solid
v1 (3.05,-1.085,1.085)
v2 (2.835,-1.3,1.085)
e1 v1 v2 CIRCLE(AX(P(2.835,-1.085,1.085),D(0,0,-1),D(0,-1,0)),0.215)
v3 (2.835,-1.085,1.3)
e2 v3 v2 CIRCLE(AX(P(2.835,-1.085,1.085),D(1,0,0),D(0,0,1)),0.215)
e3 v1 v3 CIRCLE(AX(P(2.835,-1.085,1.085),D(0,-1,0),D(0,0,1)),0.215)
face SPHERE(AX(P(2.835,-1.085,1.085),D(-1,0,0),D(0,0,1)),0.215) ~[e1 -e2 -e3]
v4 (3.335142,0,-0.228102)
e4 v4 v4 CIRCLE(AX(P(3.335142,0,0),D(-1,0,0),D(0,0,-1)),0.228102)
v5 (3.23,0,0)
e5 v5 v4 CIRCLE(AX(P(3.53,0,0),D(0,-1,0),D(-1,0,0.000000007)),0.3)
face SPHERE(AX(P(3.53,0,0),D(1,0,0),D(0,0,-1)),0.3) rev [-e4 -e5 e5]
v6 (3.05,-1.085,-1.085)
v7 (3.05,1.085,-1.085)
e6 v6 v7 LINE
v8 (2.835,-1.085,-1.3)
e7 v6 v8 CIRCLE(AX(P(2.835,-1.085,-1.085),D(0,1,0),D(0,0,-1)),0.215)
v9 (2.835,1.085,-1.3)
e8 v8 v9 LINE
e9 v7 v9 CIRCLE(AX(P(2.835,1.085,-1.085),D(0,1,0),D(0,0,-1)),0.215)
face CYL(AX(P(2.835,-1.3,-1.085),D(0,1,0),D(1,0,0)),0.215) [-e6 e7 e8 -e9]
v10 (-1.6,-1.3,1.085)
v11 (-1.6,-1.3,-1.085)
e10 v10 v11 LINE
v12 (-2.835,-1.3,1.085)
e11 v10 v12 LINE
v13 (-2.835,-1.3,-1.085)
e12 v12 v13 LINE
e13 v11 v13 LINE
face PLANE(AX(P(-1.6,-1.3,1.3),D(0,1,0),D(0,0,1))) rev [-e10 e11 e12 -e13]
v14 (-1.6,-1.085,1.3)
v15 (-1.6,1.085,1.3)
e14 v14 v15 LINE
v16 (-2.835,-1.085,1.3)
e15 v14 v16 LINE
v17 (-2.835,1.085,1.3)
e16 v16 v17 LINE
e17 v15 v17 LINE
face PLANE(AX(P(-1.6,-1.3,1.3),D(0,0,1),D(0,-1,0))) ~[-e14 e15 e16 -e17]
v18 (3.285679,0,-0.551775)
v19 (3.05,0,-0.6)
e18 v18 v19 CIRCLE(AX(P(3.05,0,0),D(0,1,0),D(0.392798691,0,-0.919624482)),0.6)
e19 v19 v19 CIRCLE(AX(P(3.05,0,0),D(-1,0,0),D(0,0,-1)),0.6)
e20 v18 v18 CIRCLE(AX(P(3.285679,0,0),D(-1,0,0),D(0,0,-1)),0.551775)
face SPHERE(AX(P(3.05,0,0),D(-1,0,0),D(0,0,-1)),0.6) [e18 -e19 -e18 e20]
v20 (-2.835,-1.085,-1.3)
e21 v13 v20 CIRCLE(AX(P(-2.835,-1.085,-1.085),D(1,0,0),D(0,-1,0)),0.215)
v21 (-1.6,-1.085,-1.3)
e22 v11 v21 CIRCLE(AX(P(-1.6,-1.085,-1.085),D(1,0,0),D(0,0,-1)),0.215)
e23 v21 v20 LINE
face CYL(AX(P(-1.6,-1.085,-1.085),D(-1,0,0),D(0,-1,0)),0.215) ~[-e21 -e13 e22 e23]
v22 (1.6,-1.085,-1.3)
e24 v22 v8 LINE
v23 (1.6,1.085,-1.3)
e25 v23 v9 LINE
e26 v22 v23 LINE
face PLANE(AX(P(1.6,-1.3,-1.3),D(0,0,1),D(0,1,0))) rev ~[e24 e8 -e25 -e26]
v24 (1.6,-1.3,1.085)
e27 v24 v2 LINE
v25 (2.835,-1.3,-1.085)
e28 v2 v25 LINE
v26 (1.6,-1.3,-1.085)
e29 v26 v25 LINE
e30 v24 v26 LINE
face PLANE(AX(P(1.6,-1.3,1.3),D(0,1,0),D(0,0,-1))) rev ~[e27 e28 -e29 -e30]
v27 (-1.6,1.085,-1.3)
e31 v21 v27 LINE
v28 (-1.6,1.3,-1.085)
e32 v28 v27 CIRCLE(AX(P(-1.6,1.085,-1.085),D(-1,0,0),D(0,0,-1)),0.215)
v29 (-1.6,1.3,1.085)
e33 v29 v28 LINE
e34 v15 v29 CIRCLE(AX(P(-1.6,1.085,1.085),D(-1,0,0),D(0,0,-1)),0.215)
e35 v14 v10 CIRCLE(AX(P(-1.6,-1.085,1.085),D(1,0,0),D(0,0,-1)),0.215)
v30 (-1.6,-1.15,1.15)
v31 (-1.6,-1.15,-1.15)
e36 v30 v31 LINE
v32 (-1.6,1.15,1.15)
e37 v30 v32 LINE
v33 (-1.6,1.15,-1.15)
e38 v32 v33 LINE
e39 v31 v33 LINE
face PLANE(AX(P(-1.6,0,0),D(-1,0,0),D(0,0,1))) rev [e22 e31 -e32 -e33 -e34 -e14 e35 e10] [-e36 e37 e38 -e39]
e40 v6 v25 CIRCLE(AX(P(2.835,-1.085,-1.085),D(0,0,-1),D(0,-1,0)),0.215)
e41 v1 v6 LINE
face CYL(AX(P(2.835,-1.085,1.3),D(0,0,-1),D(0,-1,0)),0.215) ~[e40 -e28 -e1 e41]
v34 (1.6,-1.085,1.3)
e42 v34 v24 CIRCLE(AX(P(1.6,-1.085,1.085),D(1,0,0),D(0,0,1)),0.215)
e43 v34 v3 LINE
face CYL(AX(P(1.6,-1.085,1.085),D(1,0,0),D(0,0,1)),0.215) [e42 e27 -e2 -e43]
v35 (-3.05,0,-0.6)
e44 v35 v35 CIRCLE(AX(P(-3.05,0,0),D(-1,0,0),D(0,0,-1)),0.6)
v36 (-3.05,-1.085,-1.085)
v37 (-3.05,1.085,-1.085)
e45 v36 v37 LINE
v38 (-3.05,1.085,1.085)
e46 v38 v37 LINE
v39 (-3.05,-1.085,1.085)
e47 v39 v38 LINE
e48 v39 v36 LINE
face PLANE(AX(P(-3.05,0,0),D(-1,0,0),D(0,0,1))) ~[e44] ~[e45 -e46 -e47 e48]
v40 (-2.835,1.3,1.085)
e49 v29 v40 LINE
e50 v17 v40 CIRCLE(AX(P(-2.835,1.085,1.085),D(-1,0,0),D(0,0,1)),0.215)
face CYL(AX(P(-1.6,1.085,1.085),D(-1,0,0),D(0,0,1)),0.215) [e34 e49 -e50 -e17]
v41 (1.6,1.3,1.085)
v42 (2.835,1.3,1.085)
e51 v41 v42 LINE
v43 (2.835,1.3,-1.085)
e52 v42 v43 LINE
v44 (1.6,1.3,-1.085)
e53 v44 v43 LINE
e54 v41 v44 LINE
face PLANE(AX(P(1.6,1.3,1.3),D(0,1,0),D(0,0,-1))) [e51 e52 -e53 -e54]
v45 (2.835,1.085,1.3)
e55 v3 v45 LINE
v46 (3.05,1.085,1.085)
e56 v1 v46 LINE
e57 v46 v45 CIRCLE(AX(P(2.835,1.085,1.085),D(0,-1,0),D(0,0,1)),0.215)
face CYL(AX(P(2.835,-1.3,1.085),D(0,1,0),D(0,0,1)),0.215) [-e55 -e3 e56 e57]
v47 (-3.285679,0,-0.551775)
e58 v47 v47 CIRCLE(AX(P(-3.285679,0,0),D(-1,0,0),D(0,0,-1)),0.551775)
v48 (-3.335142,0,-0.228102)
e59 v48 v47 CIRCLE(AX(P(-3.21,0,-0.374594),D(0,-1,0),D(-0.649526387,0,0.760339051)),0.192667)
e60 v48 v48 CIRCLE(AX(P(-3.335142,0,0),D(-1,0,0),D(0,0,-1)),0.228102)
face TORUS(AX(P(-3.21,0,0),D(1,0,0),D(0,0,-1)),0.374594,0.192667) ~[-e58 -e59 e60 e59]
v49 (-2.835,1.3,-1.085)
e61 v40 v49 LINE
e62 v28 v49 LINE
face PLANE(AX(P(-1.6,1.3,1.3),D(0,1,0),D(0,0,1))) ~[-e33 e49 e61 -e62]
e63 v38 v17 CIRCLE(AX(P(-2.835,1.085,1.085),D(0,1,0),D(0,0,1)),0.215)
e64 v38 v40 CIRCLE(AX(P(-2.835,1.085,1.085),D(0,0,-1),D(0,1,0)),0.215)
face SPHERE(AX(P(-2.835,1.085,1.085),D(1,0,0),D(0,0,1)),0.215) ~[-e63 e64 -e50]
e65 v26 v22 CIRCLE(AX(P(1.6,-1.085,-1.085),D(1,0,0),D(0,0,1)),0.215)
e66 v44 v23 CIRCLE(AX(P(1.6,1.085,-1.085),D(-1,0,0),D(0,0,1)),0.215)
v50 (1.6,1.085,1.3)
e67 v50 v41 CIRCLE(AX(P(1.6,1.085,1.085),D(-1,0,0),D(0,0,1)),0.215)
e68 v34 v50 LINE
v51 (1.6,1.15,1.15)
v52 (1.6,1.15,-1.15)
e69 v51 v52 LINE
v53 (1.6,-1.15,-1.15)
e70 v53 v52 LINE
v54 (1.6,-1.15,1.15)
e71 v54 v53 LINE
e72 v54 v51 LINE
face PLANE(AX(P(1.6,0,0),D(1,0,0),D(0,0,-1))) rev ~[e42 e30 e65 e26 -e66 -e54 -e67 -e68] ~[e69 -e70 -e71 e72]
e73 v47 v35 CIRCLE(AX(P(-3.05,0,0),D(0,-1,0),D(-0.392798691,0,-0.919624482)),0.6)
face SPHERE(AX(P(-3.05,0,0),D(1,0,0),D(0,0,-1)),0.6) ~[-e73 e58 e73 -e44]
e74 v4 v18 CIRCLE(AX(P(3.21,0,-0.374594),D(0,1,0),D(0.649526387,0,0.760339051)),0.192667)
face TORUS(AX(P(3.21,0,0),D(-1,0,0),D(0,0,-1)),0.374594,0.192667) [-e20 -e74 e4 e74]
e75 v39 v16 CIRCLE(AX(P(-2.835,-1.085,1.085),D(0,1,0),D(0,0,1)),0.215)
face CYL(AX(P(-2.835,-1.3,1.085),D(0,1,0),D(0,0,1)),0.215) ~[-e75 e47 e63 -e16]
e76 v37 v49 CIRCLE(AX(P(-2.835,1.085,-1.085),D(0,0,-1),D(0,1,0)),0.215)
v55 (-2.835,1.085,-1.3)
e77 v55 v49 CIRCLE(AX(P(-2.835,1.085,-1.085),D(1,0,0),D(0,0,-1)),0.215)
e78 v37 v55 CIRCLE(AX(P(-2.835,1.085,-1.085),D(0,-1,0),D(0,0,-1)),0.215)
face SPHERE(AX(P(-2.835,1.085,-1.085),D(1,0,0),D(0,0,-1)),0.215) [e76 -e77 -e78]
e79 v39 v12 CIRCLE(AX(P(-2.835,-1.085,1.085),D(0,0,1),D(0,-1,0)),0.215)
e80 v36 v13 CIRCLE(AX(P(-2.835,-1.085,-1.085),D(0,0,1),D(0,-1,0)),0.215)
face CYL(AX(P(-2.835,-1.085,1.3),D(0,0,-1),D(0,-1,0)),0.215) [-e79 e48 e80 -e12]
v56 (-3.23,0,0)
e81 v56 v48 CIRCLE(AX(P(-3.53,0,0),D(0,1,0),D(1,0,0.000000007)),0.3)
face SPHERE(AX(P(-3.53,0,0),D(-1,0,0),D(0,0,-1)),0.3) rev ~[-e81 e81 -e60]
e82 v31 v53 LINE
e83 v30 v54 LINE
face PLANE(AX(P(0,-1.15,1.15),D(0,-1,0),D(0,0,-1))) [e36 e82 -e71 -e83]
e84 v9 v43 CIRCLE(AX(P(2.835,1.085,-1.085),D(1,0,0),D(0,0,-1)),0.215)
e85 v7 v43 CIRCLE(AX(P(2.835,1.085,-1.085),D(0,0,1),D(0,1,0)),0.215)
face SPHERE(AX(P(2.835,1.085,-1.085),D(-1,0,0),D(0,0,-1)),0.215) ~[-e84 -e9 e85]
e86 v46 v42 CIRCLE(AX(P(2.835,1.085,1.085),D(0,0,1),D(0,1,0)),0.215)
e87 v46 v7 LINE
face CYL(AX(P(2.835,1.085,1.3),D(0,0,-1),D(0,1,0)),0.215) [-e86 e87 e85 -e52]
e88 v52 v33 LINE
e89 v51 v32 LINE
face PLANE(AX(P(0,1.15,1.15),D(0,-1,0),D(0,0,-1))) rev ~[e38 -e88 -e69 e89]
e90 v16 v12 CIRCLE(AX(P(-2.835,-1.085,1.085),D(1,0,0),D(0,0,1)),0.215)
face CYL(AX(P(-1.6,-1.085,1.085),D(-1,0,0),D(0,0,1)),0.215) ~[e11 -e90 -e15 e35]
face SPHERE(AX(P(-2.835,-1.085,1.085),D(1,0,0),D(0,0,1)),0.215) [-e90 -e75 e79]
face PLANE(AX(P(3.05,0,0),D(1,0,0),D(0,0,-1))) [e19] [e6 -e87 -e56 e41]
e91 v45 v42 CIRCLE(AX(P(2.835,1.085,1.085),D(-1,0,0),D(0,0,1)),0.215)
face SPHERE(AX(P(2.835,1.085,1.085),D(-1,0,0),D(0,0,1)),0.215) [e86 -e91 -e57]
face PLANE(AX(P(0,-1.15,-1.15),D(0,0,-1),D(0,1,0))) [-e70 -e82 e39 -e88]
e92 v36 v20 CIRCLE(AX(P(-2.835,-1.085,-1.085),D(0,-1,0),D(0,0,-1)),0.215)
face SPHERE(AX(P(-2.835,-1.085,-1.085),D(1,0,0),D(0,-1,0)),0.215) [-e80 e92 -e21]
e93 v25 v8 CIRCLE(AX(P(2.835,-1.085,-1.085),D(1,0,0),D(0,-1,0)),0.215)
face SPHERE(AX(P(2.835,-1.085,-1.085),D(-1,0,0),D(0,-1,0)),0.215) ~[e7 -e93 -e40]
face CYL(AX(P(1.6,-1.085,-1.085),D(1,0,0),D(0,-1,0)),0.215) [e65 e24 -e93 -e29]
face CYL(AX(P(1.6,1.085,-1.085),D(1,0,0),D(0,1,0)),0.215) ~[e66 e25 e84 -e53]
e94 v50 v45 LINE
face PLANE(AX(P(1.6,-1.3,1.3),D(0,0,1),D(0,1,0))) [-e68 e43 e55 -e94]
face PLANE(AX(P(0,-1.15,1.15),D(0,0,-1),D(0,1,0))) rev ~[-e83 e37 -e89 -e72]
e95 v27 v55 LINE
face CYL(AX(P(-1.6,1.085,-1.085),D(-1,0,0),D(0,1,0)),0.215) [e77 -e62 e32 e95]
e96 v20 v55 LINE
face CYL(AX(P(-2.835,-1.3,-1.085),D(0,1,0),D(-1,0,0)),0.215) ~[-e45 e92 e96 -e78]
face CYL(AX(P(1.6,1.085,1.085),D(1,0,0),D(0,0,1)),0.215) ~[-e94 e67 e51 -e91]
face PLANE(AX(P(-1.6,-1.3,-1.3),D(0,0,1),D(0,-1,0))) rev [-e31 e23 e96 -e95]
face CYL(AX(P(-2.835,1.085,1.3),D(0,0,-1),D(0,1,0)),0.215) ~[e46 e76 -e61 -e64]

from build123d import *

# Parameters (mm, degrees)
SKETCH1_W            = 2.3
SKETCH1_H            = 2.3
BOSS_EXTRUDE1_DEPTH  = 1.6
SKETCH4_W            = 2.6
SKETCH4_H            = 2.6
BOSS_EXTRUDE2_DEPTH  = 1.45
FILLET1_R            = 0.215
FILLET1_OF_MIRROR2_R = 0.215


with BuildPart() as part:
    # Sketch1 → Boss-Extrude1 (new body, symmetric)
    with BuildSketch(Plane(origin=(0, 0, 0), x_dir=(0, 0, -1), z_dir=(1, 0, 0))):
        Rectangle(SKETCH1_W, SKETCH1_H)
    extrude(amount=BOSS_EXTRUDE1_DEPTH, both=True)

    # Sketch4 → Boss-Extrude2 (add)
    with BuildSketch(Plane(origin=(1.6, 0, 0), x_dir=(0, 0, -1), z_dir=(1, 0, 0))):
        Rectangle(SKETCH4_W, SKETCH4_H)
    boss_extrude2 = extrude(amount=BOSS_EXTRUDE2_DEPTH)

    # Sketch5 → Revolve4 (revolve)
    with BuildSketch(Plane(origin=(0, 0, 0), x_dir=(1, 0, 0), z_dir=(0, 1, 0))):
        with BuildLine():
            Line((3.05, 0.6), (3.05, 0))
            Line((3.05, 0), (3.23, 0))
            ThreePointArc((3.23, 0), (3.257550578, 0.125583887), (3.335142084, 0.228101715))
            ThreePointArc((3.335142084, 0.228101715), (3.40045563, 0.403698644), (3.285679214, 0.551774689))
            ThreePointArc((3.285679214, 0.551774689), (3.170281308, 0.587820046), (3.05, 0.6))
        make_face()
    revolve4 = revolve(axis=Axis((3.53, 0, 0), (-1, 0, 0)))

    # Fillet1
    fillet1_edges = [part.edges().sort_by_distance(p)[0] for p in [
        (2.325, 1.3, 1.3),
        (2.325, -1.3, 1.3),
        (2.325, -1.3, -1.3),
        (2.325, 1.3, -1.3),
        (3.05, 0, 1.3),
        (3.05, -1.3, 0),
        (3.05, 0, -1.3),
        (3.05, 1.3, 0),
    ]]
    fillet(fillet1_edges, radius=FILLET1_R)

    # Mirror2: Boss-Extrude2, Revolve4 across plane
    add(boss_extrude2.mirror(Plane(origin=(0, 0, 0), x_dir=(0, 0, 1), z_dir=(1, 0, 0))))
    add(revolve4.mirror(Plane(origin=(0, 0, 0), x_dir=(0, 0, 1), z_dir=(1, 0, 0))))

    # Fillet1 of Mirror2
    fillet1_of_mirror2_edges = [part.edges().sort_by_distance(p)[0] for p in [
        (-2.325, 1.3, 1.3),
        (-2.325, -1.3, 1.3),
        (-2.325, -1.3, -1.3),
        (-2.325, 1.3, -1.3),
        (-3.05, 0, 1.3),
        (-3.05, -1.3, 0),
        (-3.05, 0, -1.3),
        (-3.05, 1.3, 0),
    ]]
    fillet(fillet1_of_mirror2_edges, radius=FILLET1_OF_MIRROR2_R)


solid = part.part
